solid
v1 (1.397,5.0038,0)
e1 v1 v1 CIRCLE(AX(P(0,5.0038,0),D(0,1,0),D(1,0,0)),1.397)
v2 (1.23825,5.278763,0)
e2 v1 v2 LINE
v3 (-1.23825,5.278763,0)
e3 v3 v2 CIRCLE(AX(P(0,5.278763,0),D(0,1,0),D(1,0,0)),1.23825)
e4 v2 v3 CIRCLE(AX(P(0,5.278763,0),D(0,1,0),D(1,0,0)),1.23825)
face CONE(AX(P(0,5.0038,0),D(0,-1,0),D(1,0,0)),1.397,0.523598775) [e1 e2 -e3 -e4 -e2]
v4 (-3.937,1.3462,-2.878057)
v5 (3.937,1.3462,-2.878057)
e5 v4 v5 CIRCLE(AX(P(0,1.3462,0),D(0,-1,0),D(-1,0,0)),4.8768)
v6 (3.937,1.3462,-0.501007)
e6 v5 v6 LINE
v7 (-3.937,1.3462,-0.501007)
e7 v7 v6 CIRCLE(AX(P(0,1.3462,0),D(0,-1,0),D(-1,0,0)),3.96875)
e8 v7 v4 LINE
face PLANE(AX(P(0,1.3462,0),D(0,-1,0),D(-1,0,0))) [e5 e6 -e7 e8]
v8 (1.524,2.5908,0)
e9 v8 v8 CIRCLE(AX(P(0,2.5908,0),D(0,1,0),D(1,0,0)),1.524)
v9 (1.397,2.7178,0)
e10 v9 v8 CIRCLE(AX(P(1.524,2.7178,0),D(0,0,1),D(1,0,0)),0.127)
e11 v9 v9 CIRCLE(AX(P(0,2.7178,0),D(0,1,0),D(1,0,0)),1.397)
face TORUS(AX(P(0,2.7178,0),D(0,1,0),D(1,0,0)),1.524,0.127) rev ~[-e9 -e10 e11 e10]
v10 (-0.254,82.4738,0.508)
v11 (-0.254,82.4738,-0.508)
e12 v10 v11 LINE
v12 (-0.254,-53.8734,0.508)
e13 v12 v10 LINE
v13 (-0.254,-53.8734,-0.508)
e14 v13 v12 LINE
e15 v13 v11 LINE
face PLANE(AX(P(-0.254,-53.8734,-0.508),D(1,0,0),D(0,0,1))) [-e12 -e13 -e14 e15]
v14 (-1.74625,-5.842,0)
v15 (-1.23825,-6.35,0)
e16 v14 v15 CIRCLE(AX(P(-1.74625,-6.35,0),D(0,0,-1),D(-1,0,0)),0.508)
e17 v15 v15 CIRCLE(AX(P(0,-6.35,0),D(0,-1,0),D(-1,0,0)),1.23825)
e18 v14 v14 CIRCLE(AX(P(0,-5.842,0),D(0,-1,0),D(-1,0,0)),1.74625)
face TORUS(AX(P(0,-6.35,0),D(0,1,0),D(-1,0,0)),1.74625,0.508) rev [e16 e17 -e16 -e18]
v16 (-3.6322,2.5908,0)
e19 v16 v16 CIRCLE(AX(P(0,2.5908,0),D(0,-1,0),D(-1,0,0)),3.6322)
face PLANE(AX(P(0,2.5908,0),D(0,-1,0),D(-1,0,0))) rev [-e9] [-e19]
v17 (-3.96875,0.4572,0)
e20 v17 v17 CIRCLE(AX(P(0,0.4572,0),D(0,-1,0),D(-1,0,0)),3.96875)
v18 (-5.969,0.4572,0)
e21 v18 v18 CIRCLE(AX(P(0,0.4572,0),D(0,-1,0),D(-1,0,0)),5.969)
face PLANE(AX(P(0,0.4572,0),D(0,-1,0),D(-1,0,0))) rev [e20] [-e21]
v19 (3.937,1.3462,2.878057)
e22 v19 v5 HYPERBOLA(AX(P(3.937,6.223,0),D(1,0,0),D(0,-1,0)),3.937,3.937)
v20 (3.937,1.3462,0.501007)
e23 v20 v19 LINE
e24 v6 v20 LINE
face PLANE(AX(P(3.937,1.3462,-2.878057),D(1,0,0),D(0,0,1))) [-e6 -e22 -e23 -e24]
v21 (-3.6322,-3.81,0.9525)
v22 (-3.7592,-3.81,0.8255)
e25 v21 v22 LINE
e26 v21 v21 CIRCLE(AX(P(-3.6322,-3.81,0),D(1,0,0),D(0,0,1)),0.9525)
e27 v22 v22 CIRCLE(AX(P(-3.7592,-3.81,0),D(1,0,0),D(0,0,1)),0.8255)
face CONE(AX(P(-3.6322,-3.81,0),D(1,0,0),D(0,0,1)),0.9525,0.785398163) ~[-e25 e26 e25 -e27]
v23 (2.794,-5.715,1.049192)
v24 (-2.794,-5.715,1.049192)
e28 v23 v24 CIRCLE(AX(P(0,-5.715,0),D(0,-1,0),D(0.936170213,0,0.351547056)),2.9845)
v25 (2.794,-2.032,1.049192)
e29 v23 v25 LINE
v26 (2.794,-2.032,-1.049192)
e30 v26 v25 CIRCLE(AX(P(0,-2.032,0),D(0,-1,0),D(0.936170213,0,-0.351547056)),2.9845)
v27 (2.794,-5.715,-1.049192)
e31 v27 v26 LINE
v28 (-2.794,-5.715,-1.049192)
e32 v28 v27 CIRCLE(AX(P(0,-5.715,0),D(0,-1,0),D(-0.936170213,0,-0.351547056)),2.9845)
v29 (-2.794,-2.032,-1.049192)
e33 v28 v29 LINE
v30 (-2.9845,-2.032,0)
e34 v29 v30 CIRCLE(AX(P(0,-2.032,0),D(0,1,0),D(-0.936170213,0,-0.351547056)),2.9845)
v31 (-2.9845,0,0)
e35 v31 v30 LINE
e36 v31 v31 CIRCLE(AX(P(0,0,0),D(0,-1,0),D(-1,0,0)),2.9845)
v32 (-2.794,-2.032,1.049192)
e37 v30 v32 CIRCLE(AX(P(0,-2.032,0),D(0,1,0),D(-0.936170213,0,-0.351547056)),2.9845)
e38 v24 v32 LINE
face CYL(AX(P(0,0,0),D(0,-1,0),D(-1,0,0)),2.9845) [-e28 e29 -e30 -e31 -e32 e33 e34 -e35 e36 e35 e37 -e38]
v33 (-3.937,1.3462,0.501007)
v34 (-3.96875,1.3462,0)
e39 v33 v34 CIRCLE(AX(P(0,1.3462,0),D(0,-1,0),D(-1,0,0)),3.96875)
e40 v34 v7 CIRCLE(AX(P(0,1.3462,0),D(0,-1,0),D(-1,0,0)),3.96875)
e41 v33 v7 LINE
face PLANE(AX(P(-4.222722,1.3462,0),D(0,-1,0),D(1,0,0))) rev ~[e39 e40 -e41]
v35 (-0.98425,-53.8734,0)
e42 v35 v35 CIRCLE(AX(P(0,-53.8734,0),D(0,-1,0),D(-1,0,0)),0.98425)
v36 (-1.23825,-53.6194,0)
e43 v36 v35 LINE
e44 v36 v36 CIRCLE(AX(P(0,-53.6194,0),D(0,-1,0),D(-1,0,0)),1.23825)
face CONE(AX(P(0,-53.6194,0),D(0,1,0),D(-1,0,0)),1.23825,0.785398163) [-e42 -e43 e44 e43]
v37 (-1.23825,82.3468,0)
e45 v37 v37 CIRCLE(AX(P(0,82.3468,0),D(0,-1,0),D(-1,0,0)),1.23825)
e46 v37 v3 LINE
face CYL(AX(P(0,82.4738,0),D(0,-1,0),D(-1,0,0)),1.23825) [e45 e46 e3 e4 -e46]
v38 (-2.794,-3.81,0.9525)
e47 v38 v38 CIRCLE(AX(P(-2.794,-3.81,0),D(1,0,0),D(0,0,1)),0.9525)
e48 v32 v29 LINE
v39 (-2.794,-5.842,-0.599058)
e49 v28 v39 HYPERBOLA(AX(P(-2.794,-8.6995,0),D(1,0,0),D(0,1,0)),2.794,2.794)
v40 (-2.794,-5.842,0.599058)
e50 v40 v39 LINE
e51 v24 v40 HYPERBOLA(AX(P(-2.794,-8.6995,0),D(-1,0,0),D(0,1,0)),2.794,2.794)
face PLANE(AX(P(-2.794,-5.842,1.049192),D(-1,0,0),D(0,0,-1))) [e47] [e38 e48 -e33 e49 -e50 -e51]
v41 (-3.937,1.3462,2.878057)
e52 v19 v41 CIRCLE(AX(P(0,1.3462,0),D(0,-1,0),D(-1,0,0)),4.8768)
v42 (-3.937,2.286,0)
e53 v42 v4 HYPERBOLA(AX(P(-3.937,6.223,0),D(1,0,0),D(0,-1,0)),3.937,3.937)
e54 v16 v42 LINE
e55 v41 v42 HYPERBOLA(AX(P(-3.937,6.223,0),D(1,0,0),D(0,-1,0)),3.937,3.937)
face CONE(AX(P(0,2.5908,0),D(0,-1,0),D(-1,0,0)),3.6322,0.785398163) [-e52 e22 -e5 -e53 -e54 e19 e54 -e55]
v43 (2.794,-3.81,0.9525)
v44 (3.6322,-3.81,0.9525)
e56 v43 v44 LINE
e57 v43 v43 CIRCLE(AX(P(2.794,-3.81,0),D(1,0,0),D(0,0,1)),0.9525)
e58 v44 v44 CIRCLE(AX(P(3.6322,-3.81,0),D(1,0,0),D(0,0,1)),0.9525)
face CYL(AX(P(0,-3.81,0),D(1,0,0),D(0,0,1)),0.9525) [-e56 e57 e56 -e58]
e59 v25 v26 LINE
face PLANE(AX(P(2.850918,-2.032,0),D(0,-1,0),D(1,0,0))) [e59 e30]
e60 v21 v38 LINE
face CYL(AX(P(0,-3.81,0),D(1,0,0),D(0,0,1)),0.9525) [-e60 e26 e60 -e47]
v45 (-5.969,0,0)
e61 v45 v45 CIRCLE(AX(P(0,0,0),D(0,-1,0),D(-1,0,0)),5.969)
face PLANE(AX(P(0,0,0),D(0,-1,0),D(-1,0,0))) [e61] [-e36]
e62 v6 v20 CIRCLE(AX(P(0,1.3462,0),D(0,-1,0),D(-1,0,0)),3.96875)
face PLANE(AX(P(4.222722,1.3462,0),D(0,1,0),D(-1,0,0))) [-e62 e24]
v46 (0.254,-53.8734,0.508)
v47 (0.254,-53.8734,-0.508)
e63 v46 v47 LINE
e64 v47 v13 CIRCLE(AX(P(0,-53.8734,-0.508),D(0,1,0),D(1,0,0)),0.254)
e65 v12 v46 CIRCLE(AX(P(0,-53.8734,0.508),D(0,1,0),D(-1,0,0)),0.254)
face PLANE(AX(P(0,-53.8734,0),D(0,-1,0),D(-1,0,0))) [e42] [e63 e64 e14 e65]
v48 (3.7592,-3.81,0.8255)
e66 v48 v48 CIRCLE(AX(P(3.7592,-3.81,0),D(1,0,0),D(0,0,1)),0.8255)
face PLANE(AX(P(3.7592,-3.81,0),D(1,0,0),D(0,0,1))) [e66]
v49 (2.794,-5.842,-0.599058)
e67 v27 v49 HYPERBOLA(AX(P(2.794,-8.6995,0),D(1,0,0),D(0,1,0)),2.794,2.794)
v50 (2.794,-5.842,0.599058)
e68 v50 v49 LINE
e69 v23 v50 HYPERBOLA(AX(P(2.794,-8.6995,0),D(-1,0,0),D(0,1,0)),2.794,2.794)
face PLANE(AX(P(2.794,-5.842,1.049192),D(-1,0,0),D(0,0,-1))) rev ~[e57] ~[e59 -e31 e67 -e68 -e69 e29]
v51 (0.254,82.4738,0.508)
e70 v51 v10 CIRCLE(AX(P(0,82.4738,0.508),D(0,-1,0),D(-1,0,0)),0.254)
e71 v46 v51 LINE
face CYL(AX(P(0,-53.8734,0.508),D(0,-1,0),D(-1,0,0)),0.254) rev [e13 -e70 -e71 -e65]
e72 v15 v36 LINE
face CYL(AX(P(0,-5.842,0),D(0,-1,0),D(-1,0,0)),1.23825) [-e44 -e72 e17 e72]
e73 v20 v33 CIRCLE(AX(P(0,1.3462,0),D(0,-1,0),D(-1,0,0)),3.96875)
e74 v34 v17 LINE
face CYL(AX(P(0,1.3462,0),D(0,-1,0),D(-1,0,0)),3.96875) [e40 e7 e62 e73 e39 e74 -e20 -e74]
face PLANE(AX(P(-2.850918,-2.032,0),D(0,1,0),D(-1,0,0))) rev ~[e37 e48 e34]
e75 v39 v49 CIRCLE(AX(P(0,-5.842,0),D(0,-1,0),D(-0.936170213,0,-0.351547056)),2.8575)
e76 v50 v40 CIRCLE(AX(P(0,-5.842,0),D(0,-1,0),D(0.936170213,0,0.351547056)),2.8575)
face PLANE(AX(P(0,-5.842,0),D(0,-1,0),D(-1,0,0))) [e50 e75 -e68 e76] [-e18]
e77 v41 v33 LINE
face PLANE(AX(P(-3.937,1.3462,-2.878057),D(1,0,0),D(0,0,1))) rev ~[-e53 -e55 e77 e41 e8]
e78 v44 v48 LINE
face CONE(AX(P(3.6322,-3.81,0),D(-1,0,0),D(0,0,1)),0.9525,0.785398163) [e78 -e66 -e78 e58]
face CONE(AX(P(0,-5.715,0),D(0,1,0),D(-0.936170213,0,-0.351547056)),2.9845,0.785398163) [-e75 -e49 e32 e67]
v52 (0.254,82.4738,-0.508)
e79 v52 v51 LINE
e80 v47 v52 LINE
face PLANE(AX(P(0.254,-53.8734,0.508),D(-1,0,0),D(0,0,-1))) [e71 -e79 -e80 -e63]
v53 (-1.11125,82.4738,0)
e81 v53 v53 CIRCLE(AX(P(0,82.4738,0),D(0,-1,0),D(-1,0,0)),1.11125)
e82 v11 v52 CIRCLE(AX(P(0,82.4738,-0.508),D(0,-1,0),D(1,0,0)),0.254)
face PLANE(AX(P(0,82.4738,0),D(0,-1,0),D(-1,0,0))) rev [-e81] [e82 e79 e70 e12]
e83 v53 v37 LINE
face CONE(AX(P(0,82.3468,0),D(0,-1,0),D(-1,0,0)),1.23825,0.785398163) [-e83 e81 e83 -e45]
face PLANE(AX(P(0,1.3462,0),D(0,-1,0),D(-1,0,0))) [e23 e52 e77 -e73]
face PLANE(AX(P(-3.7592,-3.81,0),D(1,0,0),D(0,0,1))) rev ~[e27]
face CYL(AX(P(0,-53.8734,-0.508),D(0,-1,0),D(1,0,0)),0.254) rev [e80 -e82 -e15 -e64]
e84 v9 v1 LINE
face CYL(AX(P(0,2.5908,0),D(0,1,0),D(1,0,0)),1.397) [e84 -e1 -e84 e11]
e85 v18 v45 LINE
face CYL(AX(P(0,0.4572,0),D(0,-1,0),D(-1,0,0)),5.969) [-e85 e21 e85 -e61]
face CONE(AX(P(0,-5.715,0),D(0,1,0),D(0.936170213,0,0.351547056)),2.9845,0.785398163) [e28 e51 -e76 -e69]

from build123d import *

# Parameters (mm, degrees)
CHAMFER1_SIZE       = 0.254
CUT_EXTRUDE3_DEPTH  = 3.81
SKETCH5_R           = 0.9525
BOSS_EXTRUDE1_DEPTH = 3.7592
CUT_EXTRUDE1_DEPTH  = 137.608260621
CHAMFER2_SIZE       = 0.127
CUT_EXTRUDE4_REACH  = 83.566
FILLET1_R           = 0.508
FILLET2_R           = 0.127


with BuildPart() as part:
    # Sketch1 → Revolve1 (revolve)
    with BuildSketch(Plane.XY, mode=Mode.PRIVATE) as revolve1_sk:
        Polygon((0, 82.4738), (1.23825, 82.4738), (1.23825, 2.5908), (3.6322, 2.5908), (4.8768, 1.3462), (3.96875, 1.3462), (3.96875, 0.4572), (5.969, 0.4572), (5.969, 0), (2.9845, 0), (2.9845, -5.842), (1.23825, -5.842), (1.23825, -53.8734), (0, -53.8734), align=None)
    revolve(revolve1_sk.sketch.rotate(Axis((0, 82.4738, 0), (0, -1, 0)), 180), axis=Axis((0, 82.4738, 0), (0, -1, 0)))

    # Chamfer1
    chamfer1_edges = [part.edges().sort_by_distance(p)[0] for p in [
        (1.23825, -53.8734, 0),
    ]]
    chamfer(chamfer1_edges, length=CHAMFER1_SIZE)

    # Sketch4 → Cut-Extrude3 (cut)
    with BuildSketch(Plane.XZ.offset(5.842)):
        with BuildLine():
            Line((-2.794, 1.049192189), (-2.794, -1.049192189))
            ThreePointArc((-2.794, -1.049192189), (-2.9845, 0), (-2.794, 1.049192189))
        make_face()
        with BuildLine():
            Line((2.794, 1.049192189), (2.794, -1.049192189))
            ThreePointArc((2.794, -1.049192189), (2.9845, 0), (2.794, 1.049192189))
        make_face()
    extrude(amount=-CUT_EXTRUDE3_DEPTH, mode=Mode.SUBTRACT)

    # Sketch5 → Boss-Extrude1 (add, symmetric)
    with BuildSketch(Plane(origin=(0, 0, 0), x_dir=(0, 0, -1), z_dir=(1, 0, 0))):
        with Locations(Location((0, -3.81, 0), (0, 0, 180))):
            Circle(SKETCH5_R)
    extrude(amount=BOSS_EXTRUDE1_DEPTH, both=True)

    # Sketch2 → Cut-Extrude1 (cut, through all)
    with BuildSketch(Plane.XZ.offset(53.8734)):
        with BuildLine():
            Line((0.254, 0.508), (0.254, -0.508))
            ThreePointArc((0.254, -0.508), (0, -0.762), (-0.254, -0.508))
            Line((-0.254, -0.508), (-0.254, 0.508))
            ThreePointArc((-0.254, 0.508), (0, 0.762), (0.254, 0.508))
        make_face()
    extrude(amount=-CUT_EXTRUDE1_DEPTH, mode=Mode.SUBTRACT)

    # Chamfer2
    chamfer2_edges = [part.edges().sort_by_distance(p)[0] for p in [
        (0, -5.842, 2.9845),
        (1.23825, 82.4738, 0),
        (0, -5.842, -2.9845),
        (-3.7592, -3.81, -0.9525),
        (3.7592, -3.81, -0.9525),
    ]]
    chamfer(chamfer2_edges, length=CHAMFER2_SIZE)

    # Sketch6 → Cut-Extrude4 (cut, up to next)
    with BuildSketch(Plane.XZ.offset(-1.3462), mode=Mode.PRIVATE) as cut_extrude4_sk1:
        with BuildLine():
            Line((-3.937, -2.878056504), (-3.937, 2.878056504))
            ThreePointArc((-3.937, 2.878056504), (-4.8768, 0), (-3.937, -2.878056504))
        make_face()
    cut_extrude4_tool1 = extrude(cut_extrude4_sk1.sketch, amount=-CUT_EXTRUDE4_REACH, mode=Mode.PRIVATE) & part.part
    # Sketch6 → Cut-Extrude4 (cut, up to next)
    with BuildSketch(Plane.XZ.offset(-1.3462), mode=Mode.PRIVATE) as cut_extrude4_sk2:
        with BuildLine():
            Line((3.937, -2.878056504), (3.937, 2.878056504))
            ThreePointArc((3.937, 2.878056504), (4.8768, 0), (3.937, -2.878056504))
        make_face()
    cut_extrude4_tool2 = extrude(cut_extrude4_sk2.sketch, amount=-CUT_EXTRUDE4_REACH, mode=Mode.PRIVATE) & part.part
    add(cut_extrude4_tool1.solids().sort_by_distance((-4.316209, 1.3462, 0))[0], mode=Mode.SUBTRACT)
    add(cut_extrude4_tool2.solids().sort_by_distance((4.316209, 1.3462, 0))[0], mode=Mode.SUBTRACT)

    # Fillet1
    fillet1_edges = [part.edges().sort_by_distance(p)[0] for p in [
        (1.23825, -5.842, 0),
    ]]
    fillet(fillet1_edges, radius=FILLET1_R)

    # Sketch7 → Revolve2 (revolve)
    with BuildSketch(Plane.XY):
        Polygon((1.23825, 5.278763066), (1.23825, 2.5908), (1.397, 2.5908), (1.397, 5.0038), align=None)
    revolve(axis=Axis((0, 0, 0), (0, 1, 0)))

    # Fillet2
    fillet2_edges = [part.edges().sort_by_distance(p)[0] for p in [
        (-1.397, 2.5908, 0),
    ]]
    fillet(fillet2_edges, radius=FILLET2_R)


solid = part.part
